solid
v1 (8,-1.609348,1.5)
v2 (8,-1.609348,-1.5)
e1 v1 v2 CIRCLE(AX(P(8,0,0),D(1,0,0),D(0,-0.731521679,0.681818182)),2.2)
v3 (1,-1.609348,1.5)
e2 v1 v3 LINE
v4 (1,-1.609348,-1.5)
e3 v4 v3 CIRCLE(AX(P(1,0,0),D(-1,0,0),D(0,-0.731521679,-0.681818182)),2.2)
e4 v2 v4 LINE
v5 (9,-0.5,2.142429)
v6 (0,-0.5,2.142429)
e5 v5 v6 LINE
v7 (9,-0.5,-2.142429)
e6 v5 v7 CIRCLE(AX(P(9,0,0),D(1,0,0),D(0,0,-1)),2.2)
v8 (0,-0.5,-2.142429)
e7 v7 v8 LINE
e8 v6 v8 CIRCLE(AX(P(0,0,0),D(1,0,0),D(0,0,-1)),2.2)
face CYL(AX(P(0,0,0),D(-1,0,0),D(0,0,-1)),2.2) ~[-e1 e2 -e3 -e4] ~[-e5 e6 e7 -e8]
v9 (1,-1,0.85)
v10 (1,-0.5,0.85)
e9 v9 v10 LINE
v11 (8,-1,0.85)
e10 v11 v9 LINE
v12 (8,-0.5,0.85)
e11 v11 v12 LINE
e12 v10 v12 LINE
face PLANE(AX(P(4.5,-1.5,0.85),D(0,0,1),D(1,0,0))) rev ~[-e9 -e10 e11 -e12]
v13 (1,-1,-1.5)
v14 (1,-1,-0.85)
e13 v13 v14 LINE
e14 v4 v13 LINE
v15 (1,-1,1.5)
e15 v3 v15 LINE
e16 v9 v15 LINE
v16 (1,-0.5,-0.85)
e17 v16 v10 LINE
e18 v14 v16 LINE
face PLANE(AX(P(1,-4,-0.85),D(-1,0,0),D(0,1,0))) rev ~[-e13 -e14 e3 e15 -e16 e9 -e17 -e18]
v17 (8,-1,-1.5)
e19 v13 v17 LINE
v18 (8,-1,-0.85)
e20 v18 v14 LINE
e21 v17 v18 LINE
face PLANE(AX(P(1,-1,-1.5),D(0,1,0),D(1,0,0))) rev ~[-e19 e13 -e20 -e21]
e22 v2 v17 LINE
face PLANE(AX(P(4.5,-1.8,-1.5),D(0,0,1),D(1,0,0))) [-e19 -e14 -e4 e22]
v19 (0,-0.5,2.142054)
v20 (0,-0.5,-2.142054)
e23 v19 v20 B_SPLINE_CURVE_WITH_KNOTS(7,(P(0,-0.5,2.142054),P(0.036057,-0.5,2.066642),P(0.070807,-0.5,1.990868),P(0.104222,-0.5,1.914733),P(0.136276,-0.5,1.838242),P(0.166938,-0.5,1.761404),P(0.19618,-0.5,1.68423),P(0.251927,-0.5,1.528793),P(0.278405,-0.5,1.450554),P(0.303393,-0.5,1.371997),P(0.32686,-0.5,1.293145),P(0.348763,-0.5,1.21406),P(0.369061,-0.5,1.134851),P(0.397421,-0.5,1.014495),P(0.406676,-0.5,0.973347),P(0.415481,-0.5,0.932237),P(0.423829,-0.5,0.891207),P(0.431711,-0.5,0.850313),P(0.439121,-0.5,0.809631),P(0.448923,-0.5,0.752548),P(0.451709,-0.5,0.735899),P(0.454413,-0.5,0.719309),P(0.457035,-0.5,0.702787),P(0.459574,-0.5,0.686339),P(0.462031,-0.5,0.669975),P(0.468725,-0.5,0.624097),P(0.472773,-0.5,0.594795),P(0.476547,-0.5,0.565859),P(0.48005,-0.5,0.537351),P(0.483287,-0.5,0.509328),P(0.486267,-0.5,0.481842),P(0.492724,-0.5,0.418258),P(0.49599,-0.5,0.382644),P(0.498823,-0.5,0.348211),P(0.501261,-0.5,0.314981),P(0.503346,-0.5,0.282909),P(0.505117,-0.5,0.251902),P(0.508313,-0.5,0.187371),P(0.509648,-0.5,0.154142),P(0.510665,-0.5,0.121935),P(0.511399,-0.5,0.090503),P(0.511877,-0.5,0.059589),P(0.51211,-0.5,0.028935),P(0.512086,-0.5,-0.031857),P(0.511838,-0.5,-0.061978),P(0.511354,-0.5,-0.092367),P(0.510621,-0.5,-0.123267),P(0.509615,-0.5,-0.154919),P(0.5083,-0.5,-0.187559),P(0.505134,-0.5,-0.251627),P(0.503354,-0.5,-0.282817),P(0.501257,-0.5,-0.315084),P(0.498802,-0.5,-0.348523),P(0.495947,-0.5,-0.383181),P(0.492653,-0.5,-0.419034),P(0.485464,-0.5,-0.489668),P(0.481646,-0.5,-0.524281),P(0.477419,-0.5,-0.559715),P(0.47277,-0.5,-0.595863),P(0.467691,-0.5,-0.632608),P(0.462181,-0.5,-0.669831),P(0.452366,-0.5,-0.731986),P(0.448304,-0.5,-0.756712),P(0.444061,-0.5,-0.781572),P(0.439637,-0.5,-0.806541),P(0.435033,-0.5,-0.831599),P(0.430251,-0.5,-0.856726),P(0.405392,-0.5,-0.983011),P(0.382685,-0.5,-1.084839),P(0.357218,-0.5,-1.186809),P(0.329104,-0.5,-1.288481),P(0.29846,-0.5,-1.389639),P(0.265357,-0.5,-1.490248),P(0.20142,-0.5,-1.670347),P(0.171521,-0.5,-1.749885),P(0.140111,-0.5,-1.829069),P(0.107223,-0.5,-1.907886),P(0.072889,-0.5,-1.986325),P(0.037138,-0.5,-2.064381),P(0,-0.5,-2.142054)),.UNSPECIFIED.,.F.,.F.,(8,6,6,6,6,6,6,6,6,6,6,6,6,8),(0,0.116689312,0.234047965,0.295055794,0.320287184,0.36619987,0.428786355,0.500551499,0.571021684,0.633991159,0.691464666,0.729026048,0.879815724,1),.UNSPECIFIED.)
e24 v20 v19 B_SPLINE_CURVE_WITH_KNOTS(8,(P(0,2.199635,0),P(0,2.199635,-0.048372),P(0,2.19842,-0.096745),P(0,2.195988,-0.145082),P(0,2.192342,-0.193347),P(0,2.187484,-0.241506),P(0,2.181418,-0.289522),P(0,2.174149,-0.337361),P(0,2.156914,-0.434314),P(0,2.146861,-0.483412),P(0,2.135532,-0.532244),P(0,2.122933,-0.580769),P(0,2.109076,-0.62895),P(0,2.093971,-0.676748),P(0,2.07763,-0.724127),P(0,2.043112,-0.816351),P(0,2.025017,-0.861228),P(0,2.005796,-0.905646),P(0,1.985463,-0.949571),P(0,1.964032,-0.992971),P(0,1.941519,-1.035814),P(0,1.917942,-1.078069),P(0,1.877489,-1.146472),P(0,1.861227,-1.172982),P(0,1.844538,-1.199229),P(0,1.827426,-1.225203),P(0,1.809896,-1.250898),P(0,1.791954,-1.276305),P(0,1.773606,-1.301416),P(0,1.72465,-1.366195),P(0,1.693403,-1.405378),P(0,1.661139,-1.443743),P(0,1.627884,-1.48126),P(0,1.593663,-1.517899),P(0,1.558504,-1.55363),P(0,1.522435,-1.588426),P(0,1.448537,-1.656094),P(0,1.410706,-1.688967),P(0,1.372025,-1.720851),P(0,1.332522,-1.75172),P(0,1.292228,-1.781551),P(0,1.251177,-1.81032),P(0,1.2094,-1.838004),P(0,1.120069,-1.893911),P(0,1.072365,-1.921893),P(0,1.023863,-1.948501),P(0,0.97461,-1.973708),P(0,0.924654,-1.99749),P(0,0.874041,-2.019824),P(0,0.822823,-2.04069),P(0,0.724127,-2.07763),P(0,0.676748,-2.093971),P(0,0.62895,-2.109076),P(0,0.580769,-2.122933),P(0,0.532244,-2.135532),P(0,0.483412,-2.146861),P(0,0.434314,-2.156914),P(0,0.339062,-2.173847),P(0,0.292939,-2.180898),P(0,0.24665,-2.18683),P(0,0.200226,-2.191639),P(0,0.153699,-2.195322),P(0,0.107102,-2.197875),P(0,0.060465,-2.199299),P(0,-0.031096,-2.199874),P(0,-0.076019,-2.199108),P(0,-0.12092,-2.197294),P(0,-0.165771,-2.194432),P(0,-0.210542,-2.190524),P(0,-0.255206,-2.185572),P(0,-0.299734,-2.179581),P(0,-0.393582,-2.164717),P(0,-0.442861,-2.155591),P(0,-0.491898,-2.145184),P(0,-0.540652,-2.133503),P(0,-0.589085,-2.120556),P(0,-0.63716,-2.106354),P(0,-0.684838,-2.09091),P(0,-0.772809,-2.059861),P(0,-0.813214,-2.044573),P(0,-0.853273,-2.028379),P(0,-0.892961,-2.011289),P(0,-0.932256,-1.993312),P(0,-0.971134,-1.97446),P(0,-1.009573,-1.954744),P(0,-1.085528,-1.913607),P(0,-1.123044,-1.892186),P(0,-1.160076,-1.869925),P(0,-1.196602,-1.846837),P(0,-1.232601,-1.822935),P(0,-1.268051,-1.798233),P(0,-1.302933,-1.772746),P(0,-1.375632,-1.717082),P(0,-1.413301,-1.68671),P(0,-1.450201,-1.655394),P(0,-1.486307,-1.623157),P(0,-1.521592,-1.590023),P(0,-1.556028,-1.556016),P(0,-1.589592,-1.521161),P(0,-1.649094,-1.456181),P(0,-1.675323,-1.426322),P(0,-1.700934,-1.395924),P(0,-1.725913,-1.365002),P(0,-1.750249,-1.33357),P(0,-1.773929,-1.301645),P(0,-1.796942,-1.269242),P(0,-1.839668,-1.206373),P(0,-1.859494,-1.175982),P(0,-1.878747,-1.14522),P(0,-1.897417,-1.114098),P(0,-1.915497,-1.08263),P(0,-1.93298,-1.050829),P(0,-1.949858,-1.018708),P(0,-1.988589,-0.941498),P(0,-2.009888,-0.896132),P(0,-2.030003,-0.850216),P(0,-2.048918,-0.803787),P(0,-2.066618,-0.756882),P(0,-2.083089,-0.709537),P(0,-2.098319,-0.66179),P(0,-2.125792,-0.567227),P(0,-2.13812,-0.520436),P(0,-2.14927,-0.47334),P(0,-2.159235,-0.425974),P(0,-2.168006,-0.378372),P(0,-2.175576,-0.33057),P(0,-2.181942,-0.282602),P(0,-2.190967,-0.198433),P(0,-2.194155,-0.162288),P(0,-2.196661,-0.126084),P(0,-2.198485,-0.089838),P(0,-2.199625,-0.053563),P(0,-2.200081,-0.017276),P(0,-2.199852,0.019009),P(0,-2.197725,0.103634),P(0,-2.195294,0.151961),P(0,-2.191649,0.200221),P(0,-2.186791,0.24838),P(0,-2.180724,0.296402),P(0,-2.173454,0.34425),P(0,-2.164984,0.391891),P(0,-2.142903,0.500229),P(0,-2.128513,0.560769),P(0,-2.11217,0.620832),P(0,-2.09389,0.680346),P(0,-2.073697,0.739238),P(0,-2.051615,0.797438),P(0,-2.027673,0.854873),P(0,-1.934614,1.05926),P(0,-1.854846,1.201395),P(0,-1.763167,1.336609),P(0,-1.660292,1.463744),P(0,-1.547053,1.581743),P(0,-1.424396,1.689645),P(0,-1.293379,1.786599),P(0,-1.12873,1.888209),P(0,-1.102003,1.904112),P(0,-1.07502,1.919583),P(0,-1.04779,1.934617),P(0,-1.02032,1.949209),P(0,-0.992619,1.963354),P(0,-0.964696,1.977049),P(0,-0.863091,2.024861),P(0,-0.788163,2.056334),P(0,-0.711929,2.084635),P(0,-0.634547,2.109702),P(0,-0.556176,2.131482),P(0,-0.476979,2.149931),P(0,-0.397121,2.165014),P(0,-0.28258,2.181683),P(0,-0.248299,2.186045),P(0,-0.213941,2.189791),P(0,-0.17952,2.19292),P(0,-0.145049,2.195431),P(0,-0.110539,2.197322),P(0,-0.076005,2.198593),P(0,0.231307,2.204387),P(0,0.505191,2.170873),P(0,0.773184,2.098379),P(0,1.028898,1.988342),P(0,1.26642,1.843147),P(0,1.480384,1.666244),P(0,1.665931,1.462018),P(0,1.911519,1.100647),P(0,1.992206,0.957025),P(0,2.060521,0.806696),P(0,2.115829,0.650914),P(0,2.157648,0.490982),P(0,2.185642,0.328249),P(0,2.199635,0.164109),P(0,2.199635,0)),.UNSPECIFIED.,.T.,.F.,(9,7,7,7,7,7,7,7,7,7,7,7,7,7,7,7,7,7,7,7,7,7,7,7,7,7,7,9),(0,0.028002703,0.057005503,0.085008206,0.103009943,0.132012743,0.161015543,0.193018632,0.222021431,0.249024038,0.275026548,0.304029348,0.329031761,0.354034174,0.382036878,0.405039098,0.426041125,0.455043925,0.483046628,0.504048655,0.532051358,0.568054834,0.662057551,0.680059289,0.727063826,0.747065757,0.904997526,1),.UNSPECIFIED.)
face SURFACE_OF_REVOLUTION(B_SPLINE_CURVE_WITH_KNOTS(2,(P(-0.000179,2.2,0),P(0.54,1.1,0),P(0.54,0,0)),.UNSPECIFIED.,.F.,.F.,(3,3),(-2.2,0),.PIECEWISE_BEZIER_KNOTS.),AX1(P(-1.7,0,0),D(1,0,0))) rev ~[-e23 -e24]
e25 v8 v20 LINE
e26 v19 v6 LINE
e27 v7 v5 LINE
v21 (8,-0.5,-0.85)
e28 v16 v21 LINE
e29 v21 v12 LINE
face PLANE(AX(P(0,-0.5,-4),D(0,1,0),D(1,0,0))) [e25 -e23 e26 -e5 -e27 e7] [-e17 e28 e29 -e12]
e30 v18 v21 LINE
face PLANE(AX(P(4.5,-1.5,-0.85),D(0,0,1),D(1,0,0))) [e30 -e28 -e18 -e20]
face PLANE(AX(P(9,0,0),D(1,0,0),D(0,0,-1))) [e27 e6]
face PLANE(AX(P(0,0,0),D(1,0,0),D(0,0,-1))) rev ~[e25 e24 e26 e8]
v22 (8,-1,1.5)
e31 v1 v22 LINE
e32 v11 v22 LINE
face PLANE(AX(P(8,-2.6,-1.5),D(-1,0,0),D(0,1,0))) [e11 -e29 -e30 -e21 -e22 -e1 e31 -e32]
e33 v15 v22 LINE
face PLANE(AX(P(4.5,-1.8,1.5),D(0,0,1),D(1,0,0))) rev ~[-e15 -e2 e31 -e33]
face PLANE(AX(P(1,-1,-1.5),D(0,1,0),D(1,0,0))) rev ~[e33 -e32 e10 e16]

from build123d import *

# Parameters (mm, degrees)
BOX002_W       = 7
BOX002_H       = 1.6
BOX002_DEPTH   = 3
BOX001_W       = 7
BOX001_H       = 5
BOX001_DEPTH   = 1.7
BOX_W          = 10
BOX_H          = 7
BOX_DEPTH      = 10
CYLINDER_R     = 2.2
CYLINDER_DEPTH = 9


with BuildPart() as w_rfel002:
    # Box002 → Box002 (new body)
    with BuildSketch(Plane(origin=(1, -2.6, -1.5), x_dir=(1, 0, 0), z_dir=(0, 0, 1))):
        with Locations((3.5, 0.8)):
            Rectangle(BOX002_W, BOX002_H)
    extrude(amount=BOX002_DEPTH)


with BuildPart() as w_rfel001:
    # Box001 → Box001 (new body)
    with BuildSketch(Plane(origin=(1, -4, -0.85), x_dir=(1, 0, 0), z_dir=(0, 0, 1))):
        with Locations((3.5, 2.5)):
            Rectangle(BOX001_W, BOX001_H)
    extrude(amount=BOX001_DEPTH)


with BuildPart() as w_rfel:
    # Box → Box (new body)
    with BuildSketch(Plane(origin=(0, -0.5, -4), x_dir=(1, 0, 0), z_dir=(0, 0, 1))):
        with Locations((5, 3.5)):
            Rectangle(BOX_W, BOX_H)
    extrude(amount=BOX_DEPTH)


with BuildPart() as body:
    # Sketch → Revolution (revolve)
    with BuildSketch(Plane.XY):
        with BuildLine():
            add(Edge.make_bspline(
                [(1.699821, 2.2), (2.24, 1.1), (2.24, 0)],
                knots=[-2.2, -2.2, -2.2, 0, 0, 0], degree=2))
            Line((2.24, 0), (1.699821, 0))
            Line((1.699821, 0), (1.699821, 2.2))
        make_face()
    revolve(axis=Axis((0, 0, 0), (1, 0, 0)))


with BuildPart() as body_1:
    # Body placement: moved
    add(body.part.moved(Location((-1.7, 0, 0))))


with BuildPart() as cut003:
    # Cylinder → Cylinder (new body)
    with BuildSketch(Plane(origin=(0, 0, 0), x_dir=(0, 0, -1), z_dir=(1, 0, 0))):
        Circle(CYLINDER_R)
    extrude(amount=CYLINDER_DEPTH)

    # Cut: cut Body
    add(body_1.part, mode=Mode.SUBTRACT)

    # Cut001: cut Würfel
    add(w_rfel.part, mode=Mode.SUBTRACT)

    # Cut002: cut Würfel001
    add(w_rfel001.part, mode=Mode.SUBTRACT)

    # Cut003: cut Würfel002
    add(w_rfel002.part, mode=Mode.SUBTRACT)


solid = cut003.part
